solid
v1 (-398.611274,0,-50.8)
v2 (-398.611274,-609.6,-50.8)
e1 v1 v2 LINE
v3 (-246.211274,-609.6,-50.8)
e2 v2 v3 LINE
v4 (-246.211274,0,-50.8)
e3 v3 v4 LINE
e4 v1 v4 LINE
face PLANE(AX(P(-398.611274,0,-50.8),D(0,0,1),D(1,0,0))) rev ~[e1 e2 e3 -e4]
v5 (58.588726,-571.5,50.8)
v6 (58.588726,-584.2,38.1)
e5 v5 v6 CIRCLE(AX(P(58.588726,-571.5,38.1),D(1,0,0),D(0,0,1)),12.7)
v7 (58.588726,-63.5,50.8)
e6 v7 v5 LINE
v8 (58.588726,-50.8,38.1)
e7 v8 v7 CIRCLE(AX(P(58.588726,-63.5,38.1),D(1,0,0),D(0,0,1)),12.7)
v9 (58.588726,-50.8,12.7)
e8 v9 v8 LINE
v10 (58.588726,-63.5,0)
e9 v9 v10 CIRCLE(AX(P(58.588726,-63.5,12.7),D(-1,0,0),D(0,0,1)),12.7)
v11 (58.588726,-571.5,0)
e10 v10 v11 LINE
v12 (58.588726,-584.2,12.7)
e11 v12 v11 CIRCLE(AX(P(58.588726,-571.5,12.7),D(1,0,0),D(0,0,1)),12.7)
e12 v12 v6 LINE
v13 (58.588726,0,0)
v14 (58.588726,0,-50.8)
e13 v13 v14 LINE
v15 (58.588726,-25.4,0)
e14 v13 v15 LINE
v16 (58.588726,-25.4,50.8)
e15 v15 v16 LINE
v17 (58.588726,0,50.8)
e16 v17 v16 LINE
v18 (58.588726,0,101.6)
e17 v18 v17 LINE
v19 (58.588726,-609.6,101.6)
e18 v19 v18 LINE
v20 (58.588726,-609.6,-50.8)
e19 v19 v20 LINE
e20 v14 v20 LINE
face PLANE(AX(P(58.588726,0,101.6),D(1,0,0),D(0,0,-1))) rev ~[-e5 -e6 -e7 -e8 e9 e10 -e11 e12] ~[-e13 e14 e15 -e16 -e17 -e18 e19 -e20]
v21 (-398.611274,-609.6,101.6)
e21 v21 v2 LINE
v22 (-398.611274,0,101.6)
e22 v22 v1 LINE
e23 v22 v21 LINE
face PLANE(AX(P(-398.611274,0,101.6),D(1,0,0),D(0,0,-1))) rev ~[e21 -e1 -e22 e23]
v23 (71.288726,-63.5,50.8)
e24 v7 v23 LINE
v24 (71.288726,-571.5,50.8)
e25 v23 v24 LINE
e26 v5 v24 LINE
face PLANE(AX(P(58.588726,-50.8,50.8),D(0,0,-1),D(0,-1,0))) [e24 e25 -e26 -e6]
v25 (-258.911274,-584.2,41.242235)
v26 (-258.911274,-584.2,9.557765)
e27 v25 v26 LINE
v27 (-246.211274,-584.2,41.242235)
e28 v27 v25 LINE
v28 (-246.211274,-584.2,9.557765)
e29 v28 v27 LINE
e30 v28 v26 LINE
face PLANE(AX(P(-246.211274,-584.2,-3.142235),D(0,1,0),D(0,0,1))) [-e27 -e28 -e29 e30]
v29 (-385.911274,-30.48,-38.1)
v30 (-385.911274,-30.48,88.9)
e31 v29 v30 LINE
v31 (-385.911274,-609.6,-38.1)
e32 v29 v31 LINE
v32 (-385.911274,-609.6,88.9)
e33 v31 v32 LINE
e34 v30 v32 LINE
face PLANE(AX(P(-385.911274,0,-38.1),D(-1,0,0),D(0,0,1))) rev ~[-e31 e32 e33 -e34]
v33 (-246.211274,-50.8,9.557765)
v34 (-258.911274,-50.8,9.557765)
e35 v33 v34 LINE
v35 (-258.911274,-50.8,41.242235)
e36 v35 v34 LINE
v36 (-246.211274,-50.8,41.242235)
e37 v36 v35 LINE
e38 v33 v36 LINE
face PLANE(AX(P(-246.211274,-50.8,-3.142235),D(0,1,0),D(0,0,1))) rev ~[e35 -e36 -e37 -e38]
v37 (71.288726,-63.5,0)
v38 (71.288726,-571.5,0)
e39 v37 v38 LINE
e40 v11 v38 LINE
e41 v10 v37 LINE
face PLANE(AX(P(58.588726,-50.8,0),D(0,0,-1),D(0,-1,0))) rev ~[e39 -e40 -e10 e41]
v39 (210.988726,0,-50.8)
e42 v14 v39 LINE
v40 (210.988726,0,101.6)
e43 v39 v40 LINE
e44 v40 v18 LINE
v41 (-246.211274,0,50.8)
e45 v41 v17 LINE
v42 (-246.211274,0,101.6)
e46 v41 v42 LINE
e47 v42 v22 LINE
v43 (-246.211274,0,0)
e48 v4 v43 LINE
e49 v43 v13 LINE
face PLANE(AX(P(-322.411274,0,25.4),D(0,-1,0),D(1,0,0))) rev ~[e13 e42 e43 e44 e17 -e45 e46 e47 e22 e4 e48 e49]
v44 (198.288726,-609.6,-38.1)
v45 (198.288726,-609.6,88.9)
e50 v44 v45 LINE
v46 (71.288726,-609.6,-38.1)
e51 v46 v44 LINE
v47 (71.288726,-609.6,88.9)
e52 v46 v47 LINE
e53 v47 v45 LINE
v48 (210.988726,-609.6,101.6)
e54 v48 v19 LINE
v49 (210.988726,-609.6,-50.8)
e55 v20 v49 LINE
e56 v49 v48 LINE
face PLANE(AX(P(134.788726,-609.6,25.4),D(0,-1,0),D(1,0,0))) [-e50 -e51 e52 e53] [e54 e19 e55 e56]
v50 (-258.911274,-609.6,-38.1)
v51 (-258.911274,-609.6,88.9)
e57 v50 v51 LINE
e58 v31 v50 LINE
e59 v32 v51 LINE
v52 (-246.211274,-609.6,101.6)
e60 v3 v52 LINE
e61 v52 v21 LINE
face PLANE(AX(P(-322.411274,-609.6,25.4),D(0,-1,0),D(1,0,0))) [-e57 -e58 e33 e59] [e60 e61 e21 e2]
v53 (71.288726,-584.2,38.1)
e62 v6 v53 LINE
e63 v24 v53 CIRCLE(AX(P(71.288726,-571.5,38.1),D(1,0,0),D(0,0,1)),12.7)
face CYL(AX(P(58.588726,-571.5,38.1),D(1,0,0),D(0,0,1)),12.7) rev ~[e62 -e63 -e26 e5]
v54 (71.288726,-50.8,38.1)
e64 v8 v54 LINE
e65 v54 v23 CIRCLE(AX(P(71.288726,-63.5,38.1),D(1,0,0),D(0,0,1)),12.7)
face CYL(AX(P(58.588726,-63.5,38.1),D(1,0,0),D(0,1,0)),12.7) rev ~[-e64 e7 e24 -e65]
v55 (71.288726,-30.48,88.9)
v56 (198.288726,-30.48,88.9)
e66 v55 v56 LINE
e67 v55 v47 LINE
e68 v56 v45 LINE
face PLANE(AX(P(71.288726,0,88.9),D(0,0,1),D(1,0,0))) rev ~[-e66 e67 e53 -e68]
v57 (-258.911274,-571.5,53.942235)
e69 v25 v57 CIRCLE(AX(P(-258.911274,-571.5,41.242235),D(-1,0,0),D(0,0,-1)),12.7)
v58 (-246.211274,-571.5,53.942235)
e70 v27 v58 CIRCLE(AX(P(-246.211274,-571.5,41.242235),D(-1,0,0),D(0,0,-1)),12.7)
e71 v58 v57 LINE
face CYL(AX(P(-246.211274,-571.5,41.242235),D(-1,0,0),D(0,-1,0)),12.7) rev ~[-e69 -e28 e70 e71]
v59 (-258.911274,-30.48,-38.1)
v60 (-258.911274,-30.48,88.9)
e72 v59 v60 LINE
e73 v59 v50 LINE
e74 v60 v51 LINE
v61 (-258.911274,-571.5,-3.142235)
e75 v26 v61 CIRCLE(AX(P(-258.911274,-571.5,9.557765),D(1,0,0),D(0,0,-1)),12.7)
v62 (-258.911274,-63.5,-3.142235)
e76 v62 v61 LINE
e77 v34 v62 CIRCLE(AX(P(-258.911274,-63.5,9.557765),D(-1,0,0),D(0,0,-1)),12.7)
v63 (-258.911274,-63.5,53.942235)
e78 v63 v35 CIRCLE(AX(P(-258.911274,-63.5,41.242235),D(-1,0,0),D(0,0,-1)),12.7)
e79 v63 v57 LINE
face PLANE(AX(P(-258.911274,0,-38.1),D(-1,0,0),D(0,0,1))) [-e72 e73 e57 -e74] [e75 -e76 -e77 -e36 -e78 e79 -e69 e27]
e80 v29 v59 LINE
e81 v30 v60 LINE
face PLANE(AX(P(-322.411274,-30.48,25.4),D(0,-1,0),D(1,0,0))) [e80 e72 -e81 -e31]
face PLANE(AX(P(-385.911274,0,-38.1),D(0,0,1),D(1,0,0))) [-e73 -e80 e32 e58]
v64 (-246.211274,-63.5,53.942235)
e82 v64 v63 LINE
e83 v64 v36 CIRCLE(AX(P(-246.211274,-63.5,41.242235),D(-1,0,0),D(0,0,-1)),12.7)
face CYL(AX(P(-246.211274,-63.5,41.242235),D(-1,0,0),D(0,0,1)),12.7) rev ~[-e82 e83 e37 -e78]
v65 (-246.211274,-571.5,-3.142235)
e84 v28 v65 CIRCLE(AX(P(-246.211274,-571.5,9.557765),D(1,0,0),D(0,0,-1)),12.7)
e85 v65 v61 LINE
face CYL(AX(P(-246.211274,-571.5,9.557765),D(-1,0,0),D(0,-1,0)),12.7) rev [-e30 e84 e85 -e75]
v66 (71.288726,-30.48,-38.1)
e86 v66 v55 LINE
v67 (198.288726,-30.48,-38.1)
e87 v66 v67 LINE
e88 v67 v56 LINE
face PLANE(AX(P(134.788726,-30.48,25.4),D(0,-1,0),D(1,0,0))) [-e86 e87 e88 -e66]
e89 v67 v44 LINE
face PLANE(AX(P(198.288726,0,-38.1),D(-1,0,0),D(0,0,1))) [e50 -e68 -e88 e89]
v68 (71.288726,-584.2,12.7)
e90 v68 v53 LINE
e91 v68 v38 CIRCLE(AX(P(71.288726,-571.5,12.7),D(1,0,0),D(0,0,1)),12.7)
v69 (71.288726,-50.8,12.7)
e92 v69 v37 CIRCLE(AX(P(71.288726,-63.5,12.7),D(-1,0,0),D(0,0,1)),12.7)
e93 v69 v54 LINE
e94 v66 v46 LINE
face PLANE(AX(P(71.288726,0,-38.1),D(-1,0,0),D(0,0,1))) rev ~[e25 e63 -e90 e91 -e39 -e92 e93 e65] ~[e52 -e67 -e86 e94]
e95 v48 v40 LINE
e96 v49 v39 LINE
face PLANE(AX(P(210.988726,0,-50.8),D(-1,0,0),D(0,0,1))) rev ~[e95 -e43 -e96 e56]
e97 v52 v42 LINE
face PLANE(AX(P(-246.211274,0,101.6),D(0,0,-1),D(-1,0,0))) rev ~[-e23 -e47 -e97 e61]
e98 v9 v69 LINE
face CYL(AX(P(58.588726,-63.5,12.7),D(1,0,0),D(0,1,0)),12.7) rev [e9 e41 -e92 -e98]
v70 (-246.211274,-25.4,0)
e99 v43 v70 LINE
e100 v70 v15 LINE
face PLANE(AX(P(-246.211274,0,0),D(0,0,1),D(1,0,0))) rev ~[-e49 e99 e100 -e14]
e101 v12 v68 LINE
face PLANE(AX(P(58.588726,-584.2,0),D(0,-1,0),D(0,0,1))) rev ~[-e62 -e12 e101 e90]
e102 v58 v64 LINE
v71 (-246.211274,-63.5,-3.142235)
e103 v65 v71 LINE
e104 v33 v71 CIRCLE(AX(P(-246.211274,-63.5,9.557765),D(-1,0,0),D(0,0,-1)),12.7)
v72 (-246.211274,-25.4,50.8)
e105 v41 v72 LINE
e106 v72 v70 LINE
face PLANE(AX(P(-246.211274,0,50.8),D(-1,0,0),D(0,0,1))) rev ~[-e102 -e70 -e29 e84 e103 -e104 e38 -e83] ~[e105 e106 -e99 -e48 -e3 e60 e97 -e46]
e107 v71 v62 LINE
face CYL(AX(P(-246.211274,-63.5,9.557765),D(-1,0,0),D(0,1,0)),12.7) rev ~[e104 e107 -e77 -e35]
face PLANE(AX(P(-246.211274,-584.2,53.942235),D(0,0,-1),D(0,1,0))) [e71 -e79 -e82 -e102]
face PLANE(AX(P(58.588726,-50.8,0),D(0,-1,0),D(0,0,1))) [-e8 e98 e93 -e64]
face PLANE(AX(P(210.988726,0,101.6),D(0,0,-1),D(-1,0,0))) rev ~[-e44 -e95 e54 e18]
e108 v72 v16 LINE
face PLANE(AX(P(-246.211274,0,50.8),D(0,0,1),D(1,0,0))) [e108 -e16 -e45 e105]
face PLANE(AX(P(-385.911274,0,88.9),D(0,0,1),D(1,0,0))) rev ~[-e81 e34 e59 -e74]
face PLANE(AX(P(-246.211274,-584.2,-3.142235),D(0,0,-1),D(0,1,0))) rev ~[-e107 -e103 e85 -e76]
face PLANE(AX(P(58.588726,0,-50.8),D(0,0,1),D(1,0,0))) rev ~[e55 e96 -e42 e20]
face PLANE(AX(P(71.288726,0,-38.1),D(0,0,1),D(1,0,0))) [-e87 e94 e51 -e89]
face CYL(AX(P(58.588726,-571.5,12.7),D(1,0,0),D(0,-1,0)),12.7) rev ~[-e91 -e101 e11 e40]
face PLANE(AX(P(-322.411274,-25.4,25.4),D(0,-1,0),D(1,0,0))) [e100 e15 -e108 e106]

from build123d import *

# Parameters (mm, degrees)
F0_W     = 127
F0_H     = 127
F0_W_2   = 304.8
F0_H_2   = 50.8
F1_DEPTH = 25.4
F2_DEPTH = 30.48
F3_DEPTH = 609.6
F4_W     = 533.4
F4_H     = 57.0844708983
F5_DEPTH = 25.4
F6_R     = 12.7
F7_W     = 533.4
F7_H     = 50.8
F8_DEPTH = 25.4
F9_R     = 12.7


with BuildPart() as f1:
    # F0 (on Front) → F1 (new body)
    with BuildSketch(Plane.XZ):
        Polygon((-398.611273554, 101.6), (-398.611273554, -50.8), (-246.211273554, -50.8), (-246.211273554, 0), (-246.211273554, 50.8), (-246.211273554, 101.6), align=None)
        with Locations((-322.411273554, 25.4)):
            Rectangle(F0_W, F0_H, mode=Mode.SUBTRACT)
        with Locations((-93.811273554, 25.4)):
            Rectangle(F0_W_2, F0_H_2)
        Polygon((58.588726446, 50.8), (58.588726446, 0), (58.588726446, -50.8), (210.988726446, -50.8), (210.988726446, 101.6), (58.588726446, 101.6), align=None)
        with Locations((134.788726446, 25.4)):
            Rectangle(F0_W, F0_H, mode=Mode.SUBTRACT)
    extrude(amount=F1_DEPTH)

    # F0 (on Front) → F2 (join)
    with BuildSketch(Plane.XZ):
        with Locations((-322.411273554, 25.4)):
            Rectangle(F0_W, F0_H)
        with Locations((134.788726446, 25.4)):
            Rectangle(F0_W, F0_H)
    extrude(amount=F2_DEPTH)

    # F0 (on Front) → F3 (join)
    with BuildSketch(Plane.XZ):
        Polygon((-398.611273554, 101.6), (-398.611273554, -50.8), (-246.211273554, -50.8), (-246.211273554, 0), (-246.211273554, 50.8), (-246.211273554, 101.6), align=None)
        with Locations((-322.411273554, 25.4)):
            Rectangle(F0_W, F0_H, mode=Mode.SUBTRACT)
        Polygon((58.588726446, 50.8), (58.588726446, 0), (58.588726446, -50.8), (210.988726446, -50.8), (210.988726446, 101.6), (58.588726446, 101.6), align=None)
        with Locations((134.788726446, 25.4)):
            Rectangle(F0_W, F0_H, mode=Mode.SUBTRACT)
    extrude(amount=F3_DEPTH)

    # F4 (on face) → F5 (cut)
    with BuildSketch(Plane.YZ.offset(-246.211273554)):
        with Locations((-317.5, 25.4)):
            Rectangle(F4_W, F4_H)
    extrude(amount=-F5_DEPTH, mode=Mode.SUBTRACT)

    # F6
    f6_edges = [f1.edges().sort_by_distance(p)[0] for p in [
        (-252.561274, -584.2, -3.142235),
        (-252.561274, -584.2, 53.942235),
        (-252.561274, -50.8, 53.942235),
        (-252.561274, -50.8, -3.142235),
    ]]
    fillet(f6_edges, radius=F6_R)

    # F7 (on face) → F8 (cut)
    with BuildSketch(Plane(origin=(58.588726446, 0, 0), x_dir=(0, -1, 0), z_dir=(-1, 0, 0))):
        with Locations((317.5, 25.4)):
            Rectangle(F7_W, F7_H)
    extrude(amount=-F8_DEPTH, mode=Mode.SUBTRACT)

    # F9
    f9_edges = [f1.edges().sort_by_distance(p)[0] for p in [
        (64.938726, -584.2, 50.8),
        (64.938726, -584.2, 0),
        (64.938726, -50.8, 0),
        (64.938726, -50.8, 50.8),
    ]]
    fillet(f9_edges, radius=F9_R)


solid = f1.part
